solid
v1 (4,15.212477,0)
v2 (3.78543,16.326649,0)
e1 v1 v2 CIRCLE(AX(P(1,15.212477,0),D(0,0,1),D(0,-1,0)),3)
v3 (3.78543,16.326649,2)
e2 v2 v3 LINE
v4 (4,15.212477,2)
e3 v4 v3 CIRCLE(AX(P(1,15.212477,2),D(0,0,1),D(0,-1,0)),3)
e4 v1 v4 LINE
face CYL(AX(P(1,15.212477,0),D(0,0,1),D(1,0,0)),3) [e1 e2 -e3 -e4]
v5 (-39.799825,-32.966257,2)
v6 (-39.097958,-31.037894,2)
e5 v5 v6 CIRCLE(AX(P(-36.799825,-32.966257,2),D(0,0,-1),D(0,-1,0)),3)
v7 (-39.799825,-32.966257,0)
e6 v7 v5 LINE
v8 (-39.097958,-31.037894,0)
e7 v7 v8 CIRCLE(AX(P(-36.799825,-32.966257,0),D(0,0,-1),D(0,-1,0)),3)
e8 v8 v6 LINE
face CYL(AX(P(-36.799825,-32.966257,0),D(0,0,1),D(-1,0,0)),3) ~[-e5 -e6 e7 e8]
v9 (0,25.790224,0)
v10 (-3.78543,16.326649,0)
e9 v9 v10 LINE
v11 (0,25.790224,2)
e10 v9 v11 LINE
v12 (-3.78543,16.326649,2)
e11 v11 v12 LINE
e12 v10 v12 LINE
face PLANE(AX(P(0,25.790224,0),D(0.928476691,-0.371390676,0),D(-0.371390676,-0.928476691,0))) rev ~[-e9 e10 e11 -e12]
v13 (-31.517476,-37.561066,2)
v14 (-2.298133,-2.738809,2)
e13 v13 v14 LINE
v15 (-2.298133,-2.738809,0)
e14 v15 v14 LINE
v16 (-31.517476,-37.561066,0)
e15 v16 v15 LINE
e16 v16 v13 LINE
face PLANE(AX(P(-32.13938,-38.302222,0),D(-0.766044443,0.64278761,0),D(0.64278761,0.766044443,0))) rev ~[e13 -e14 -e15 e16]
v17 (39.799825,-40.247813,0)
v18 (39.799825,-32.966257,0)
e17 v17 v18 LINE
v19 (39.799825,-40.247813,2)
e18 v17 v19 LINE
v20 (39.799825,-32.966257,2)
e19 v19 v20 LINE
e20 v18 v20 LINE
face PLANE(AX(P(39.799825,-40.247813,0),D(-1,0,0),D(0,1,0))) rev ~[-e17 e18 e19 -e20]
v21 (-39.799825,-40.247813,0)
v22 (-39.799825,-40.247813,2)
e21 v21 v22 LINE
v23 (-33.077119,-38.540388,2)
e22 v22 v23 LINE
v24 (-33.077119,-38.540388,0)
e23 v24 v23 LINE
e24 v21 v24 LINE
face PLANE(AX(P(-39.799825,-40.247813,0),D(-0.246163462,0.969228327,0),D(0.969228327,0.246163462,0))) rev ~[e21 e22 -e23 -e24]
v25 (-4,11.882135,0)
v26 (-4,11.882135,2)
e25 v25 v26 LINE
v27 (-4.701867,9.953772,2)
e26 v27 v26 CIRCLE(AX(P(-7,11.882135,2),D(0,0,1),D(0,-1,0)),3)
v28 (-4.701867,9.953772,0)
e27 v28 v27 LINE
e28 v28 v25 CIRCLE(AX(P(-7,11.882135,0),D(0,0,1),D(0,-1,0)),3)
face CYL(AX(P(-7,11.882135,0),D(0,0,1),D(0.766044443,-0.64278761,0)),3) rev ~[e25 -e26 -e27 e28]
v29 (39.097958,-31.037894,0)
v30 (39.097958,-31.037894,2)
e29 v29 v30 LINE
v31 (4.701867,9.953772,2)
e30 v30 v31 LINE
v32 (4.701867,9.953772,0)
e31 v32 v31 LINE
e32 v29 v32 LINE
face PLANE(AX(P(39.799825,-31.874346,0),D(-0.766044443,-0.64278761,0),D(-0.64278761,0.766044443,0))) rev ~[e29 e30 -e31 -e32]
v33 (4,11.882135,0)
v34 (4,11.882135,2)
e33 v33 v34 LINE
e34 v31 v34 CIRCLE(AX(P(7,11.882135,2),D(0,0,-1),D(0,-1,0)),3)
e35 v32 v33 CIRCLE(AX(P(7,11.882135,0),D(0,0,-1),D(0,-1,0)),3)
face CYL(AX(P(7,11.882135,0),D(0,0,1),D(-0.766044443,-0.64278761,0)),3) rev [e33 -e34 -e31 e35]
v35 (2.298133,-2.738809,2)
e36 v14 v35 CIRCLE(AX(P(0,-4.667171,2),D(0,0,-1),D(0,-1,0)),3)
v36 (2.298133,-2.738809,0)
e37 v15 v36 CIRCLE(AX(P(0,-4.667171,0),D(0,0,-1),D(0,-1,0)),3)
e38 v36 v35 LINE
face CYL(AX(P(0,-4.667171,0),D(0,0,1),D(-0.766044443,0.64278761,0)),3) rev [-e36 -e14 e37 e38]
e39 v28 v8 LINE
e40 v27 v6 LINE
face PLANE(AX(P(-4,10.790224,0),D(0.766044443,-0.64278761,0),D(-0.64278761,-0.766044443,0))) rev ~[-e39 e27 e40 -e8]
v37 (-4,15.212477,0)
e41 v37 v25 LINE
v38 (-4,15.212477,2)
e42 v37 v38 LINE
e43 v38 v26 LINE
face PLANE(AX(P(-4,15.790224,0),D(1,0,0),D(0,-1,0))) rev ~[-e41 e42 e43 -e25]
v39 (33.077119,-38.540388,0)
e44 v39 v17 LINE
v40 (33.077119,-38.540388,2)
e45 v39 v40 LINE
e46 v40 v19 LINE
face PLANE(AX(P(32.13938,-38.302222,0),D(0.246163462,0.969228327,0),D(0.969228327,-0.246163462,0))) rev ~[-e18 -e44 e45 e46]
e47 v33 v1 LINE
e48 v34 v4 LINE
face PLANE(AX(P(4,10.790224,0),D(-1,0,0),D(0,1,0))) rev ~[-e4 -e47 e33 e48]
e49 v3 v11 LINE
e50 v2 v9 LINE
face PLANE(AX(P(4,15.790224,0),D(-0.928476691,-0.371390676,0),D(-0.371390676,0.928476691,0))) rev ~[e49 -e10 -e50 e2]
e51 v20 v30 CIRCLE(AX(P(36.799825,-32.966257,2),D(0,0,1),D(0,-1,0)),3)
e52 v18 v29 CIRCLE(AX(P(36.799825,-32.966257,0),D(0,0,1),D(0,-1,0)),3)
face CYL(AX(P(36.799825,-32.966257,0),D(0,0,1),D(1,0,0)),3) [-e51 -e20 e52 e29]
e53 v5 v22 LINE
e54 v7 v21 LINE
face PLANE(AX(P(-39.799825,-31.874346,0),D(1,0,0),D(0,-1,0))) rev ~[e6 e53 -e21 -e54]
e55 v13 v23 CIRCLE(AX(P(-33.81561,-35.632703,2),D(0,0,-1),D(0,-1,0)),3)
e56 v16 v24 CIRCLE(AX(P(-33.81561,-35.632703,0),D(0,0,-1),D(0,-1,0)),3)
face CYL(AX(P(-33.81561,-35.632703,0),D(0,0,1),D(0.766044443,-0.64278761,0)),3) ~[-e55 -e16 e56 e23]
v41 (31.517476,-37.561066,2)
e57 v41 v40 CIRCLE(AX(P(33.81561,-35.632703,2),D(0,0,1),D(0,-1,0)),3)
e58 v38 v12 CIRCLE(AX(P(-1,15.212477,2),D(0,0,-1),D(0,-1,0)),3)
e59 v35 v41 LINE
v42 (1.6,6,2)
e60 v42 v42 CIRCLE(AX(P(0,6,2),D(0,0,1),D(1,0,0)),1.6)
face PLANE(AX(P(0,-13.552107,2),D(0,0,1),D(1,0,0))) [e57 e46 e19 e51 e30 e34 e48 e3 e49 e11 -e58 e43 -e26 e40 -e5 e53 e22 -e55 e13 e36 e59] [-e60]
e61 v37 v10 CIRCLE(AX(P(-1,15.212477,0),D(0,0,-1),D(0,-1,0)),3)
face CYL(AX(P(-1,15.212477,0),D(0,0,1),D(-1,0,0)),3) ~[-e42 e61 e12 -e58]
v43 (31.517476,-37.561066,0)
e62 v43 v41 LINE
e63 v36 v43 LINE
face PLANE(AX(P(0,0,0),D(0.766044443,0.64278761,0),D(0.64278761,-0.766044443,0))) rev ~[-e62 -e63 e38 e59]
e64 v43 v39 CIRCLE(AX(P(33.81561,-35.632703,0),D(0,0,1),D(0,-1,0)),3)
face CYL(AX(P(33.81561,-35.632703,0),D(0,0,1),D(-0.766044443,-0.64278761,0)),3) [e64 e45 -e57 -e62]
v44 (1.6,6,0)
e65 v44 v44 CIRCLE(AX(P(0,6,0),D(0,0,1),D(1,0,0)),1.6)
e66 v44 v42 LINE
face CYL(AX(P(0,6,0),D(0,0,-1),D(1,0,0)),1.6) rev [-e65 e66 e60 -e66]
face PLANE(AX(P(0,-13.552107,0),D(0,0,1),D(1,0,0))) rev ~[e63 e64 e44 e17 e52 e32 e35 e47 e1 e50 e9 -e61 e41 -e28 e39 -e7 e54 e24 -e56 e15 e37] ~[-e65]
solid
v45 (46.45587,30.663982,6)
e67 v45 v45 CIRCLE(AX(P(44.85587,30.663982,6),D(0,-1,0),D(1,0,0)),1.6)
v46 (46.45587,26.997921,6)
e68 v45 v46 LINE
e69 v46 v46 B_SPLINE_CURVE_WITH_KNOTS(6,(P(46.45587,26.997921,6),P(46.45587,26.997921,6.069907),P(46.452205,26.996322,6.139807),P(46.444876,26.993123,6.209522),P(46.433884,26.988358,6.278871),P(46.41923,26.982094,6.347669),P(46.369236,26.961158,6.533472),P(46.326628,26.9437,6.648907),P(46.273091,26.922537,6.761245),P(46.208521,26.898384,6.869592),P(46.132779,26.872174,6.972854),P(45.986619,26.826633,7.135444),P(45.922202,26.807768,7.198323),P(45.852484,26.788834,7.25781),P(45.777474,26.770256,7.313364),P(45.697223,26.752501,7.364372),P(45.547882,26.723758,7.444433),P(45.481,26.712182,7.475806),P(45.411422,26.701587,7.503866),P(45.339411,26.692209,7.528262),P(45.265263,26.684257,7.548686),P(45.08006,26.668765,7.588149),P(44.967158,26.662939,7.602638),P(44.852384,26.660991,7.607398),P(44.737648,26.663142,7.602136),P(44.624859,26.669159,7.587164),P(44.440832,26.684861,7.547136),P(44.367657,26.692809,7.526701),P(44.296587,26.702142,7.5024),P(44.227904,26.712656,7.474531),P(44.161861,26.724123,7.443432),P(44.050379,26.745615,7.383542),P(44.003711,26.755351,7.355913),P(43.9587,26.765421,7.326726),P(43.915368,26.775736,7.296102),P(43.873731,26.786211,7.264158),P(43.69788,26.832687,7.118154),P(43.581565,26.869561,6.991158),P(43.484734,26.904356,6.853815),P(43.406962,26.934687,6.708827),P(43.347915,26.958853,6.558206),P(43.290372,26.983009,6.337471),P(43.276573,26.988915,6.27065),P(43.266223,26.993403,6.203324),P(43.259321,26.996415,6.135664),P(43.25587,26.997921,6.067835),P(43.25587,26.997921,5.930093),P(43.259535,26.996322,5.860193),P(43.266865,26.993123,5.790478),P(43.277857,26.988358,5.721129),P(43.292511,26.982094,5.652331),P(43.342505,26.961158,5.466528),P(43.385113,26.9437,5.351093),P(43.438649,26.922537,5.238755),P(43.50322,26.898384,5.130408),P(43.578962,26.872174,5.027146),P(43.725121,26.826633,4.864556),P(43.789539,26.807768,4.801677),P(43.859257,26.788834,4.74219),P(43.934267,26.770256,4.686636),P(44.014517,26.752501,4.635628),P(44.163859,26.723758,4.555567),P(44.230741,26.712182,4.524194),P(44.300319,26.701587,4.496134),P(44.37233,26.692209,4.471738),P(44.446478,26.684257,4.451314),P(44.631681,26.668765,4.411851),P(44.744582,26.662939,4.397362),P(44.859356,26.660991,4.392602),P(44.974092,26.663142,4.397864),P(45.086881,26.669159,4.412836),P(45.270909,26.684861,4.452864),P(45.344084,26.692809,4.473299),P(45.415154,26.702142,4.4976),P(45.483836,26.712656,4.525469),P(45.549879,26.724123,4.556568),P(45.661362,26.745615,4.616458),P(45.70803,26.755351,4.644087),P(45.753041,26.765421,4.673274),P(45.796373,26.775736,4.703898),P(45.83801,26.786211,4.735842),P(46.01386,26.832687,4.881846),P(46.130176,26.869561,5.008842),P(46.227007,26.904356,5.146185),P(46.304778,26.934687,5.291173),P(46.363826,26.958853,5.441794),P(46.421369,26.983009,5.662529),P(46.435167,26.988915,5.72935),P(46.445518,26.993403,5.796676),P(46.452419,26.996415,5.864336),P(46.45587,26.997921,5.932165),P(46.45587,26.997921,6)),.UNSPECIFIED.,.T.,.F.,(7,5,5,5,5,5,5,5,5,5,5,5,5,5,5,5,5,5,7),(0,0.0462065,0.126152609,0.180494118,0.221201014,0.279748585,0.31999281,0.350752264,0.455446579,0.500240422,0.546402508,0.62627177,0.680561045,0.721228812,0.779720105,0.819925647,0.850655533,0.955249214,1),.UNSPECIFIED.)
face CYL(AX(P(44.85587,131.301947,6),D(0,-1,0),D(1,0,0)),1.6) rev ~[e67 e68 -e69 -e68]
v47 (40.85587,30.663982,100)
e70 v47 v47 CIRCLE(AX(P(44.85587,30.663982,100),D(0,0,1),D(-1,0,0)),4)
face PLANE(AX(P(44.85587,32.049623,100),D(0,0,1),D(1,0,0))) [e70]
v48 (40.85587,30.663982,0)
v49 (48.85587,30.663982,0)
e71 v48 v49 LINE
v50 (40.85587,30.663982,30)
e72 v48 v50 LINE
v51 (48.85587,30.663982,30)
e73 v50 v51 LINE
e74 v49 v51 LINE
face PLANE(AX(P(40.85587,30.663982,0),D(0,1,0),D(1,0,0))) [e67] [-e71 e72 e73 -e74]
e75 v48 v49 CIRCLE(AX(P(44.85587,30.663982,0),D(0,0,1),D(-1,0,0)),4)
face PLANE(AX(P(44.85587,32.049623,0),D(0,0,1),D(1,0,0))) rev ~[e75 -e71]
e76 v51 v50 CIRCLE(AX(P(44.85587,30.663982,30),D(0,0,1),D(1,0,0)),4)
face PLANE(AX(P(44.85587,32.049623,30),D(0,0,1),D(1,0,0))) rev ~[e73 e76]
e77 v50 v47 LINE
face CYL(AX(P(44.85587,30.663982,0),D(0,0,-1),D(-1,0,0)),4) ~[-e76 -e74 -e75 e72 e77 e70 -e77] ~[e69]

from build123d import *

# Parameters (mm, degrees)
F0_R     = 1.6
F1_DEPTH = 2
F2_DEPTH = 100
F3_DEPTH = 30
F5_D     = 3.2
F6_R     = 3


with BuildPart() as f1:
    # F0 (on Top) → F1 (new body)
    with BuildSketch(Plane.XY):
        Polygon((-32.1393804843, -38.3022221559), (0, 0), (32.1393804843, -38.3022221559), (39.7998249155, -40.2478127563), (39.7998249155, -31.8743460591), (4, 10.7902238982), (4, 15.7902238982), (0, 25.7902238982), (-4, 15.7902238982), (-4, 10.7902238982), (-39.7998249155, -31.8743460591), (-39.7998249155, -40.2478127563), align=None)
        with Locations((0, 6)):
            Circle(F0_R, mode=Mode.SUBTRACT)
    extrude(amount=F1_DEPTH)

    # F6
    f6_edges = [f1.edges().sort_by_distance(p)[0] for p in [
        (4, 15.790224, 1),
        (4, 10.790224, 1),
        (-4, 15.790224, 1),
        (-4, 10.790224, 1),
        (-39.799825, -31.874346, 1),
        (-32.13938, -38.302222, 1),
        (32.13938, -38.302222, 1),
        (39.799825, -31.874346, 1),
        (0, 0, 1),
    ]]
    fillet(f6_edges, radius=F6_R)


with BuildPart() as f2:
    # F0 (on Top) → F2 (new body)
    with BuildSketch(Plane.XY):
        with BuildLine():
            Line((40.8558703065, 30.6639820337), (48.8558703065, 30.6639820337))
            ThreePointArc((48.8558703065, 30.6639820337), (44.8558703065, 34.6639820337), (40.8558703065, 30.6639820337))
        make_face()
        with BuildLine():
            ThreePointArc((40.8558703065, 30.6639820337), (44.8558703065, 26.6639820337), (48.8558703065, 30.6639820337))
            Line((48.8558703065, 30.6639820337), (40.8558703065, 30.6639820337))
        make_face()
    extrude(amount=F2_DEPTH)

    # F0 (on Top) → F3 (cut)
    with BuildSketch(Plane.XY):
        with BuildLine():
            Line((40.8558703065, 30.6639820337), (48.8558703065, 30.6639820337))
            ThreePointArc((48.8558703065, 30.6639820337), (44.8558703065, 34.6639820337), (40.8558703065, 30.6639820337))
        make_face()
    extrude(amount=F3_DEPTH, mode=Mode.SUBTRACT)

    # F5 (through all)
    with Locations(Plane(origin=(0, 30.6639820337, 0), x_dir=(-1, 0, 0), z_dir=(0, 1, 0))):
        with Locations((-44.8558703065, 6)):
            Hole(F5_D / 2)


solid = Compound([f1.part, f2.part])
